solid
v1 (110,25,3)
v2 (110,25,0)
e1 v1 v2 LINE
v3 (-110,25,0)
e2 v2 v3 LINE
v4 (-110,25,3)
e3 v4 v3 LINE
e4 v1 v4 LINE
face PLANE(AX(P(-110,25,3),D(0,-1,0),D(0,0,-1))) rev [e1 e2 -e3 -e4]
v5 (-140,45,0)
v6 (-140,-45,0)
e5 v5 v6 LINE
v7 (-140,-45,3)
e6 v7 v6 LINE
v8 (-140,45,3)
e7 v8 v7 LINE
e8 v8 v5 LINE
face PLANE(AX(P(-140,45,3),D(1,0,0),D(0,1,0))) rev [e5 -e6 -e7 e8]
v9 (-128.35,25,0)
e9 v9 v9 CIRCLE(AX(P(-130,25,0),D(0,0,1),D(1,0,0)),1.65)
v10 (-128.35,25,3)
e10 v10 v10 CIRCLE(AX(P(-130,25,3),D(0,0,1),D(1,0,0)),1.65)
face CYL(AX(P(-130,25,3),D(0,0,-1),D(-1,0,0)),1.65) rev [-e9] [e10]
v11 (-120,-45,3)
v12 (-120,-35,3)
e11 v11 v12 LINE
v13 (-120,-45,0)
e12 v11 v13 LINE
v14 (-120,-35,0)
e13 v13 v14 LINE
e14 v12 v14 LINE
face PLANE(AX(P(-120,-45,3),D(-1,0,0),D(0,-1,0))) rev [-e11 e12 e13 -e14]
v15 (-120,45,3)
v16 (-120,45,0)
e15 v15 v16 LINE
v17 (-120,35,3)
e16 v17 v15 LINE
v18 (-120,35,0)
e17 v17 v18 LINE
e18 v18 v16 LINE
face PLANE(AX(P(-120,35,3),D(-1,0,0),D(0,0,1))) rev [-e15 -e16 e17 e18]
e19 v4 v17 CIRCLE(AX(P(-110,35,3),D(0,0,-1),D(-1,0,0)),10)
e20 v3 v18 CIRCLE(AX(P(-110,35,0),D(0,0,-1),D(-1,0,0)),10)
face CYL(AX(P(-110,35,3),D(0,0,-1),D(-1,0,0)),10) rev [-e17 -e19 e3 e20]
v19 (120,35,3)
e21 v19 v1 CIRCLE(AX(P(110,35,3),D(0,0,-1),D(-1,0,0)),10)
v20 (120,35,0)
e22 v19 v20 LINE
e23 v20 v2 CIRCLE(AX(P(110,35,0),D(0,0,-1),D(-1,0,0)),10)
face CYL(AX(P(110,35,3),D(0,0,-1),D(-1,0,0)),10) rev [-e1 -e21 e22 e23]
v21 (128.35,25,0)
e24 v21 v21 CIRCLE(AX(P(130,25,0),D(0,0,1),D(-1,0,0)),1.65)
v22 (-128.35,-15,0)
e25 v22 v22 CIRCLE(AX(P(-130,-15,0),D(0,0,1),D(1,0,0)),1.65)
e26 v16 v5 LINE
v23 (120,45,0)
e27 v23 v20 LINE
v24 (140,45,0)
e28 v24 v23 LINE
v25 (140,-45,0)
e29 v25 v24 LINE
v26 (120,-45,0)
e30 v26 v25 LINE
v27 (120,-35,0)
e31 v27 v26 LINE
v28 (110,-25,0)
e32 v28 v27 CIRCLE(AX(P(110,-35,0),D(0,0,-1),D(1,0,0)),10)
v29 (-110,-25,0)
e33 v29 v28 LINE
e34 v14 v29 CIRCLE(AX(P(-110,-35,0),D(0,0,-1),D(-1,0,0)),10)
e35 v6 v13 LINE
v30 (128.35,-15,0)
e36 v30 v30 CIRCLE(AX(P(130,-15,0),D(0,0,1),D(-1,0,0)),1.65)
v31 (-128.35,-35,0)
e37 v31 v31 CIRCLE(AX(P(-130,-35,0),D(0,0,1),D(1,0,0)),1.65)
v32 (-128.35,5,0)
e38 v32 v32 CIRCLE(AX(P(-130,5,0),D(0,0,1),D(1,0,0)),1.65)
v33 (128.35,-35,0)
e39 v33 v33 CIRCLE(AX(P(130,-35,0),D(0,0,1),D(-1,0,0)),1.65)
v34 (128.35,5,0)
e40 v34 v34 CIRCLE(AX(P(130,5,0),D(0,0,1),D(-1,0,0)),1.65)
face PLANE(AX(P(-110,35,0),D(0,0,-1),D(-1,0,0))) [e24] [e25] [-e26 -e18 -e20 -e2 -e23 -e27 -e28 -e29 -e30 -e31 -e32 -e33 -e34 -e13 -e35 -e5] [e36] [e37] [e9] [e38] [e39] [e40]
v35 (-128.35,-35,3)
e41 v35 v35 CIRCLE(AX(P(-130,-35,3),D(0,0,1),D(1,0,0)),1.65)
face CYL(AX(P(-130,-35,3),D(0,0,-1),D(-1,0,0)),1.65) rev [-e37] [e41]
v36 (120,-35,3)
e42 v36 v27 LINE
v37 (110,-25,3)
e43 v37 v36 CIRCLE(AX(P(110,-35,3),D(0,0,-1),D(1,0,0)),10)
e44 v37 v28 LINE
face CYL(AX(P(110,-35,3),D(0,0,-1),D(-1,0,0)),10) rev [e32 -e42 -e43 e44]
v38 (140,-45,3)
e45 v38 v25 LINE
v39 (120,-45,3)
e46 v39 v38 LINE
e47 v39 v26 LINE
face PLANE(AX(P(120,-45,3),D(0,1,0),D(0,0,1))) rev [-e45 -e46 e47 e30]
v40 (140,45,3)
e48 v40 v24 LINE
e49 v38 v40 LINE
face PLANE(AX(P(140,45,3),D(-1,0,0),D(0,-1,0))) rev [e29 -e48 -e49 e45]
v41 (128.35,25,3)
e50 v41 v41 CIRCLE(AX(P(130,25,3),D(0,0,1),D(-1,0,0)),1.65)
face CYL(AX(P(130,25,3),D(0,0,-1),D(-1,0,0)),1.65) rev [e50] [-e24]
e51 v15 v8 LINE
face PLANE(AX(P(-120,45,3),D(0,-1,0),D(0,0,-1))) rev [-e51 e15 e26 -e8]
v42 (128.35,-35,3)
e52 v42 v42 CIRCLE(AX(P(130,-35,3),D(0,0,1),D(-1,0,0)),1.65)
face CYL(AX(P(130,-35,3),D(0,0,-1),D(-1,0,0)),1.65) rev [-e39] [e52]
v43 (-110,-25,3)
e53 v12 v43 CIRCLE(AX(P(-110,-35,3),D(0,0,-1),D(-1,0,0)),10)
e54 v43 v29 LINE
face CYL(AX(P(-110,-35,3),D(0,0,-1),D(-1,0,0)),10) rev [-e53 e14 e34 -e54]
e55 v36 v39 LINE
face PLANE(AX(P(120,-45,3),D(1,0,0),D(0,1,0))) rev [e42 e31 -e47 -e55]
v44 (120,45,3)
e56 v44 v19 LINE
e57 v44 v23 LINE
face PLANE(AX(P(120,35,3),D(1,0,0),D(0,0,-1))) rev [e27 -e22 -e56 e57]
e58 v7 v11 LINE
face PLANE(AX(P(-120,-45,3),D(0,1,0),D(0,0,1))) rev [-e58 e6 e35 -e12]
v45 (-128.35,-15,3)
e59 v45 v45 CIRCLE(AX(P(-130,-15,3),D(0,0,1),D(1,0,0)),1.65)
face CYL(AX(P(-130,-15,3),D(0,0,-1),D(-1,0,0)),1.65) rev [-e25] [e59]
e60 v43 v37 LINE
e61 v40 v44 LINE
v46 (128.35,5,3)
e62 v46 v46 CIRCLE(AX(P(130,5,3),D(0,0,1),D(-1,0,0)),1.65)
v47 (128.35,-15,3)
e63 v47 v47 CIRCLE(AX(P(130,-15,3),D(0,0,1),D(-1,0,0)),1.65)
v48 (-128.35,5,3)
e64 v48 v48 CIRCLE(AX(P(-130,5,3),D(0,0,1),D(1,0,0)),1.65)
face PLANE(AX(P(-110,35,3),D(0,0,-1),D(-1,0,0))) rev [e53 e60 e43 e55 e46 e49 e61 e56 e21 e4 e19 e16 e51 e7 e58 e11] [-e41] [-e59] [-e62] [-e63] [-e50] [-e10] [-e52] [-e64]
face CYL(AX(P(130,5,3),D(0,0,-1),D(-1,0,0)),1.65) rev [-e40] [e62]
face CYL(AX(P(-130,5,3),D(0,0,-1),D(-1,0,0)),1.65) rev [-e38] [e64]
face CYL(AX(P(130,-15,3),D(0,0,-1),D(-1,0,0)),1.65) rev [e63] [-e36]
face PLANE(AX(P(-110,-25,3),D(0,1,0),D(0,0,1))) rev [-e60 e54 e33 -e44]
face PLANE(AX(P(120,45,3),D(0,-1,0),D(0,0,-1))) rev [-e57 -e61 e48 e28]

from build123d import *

# Parameters (mm, degrees)
SKETCH_1_R      = 1.65
EXTRUDE_1_DEPTH = 3


with BuildPart() as part:
    # 草图1 → 凸台-拉伸1 (new body)
    with BuildSketch(Plane.XY):
        with BuildLine():
            Line((-110, 25), (110, 25))
            ThreePointArc((110, 25), (117.071067812, 27.928932188), (120, 35))
            Line((120, 35), (120, 45))
            Line((120, 45), (140, 45))
            Line((140, 45), (140, -45))
            Line((140, -45), (120, -45))
            Line((120, -45), (120, -35))
            ThreePointArc((120, -35), (117.071067812, -27.928932188), (110, -25))
            Line((110, -25), (-110, -25))
            ThreePointArc((-110, -25), (-117.071067812, -27.928932188), (-120, -35))
            Line((-120, -35), (-120, -45))
            Line((-120, -45), (-140, -45))
            Line((-140, -45), (-140, 45))
            Line((-140, 45), (-120, 45))
            Line((-120, 45), (-120, 35))
            ThreePointArc((-120, 35), (-117.071067812, 27.928932188), (-110, 25))
        make_face()
        with Locations((-130, 25)):
            Circle(SKETCH_1_R, mode=Mode.SUBTRACT)
        with Locations((-130, 5)):
            Circle(SKETCH_1_R, mode=Mode.SUBTRACT)
        with Locations((-130, -15)):
            Circle(SKETCH_1_R, mode=Mode.SUBTRACT)
        with Locations((-130, -35)):
            Circle(SKETCH_1_R, mode=Mode.SUBTRACT)
        with Locations(Location((130, -35, 0), (0, 0, 180))):
            Circle(SKETCH_1_R, mode=Mode.SUBTRACT)
        with Locations(Location((130, -15, 0), (0, 0, 180))):
            Circle(SKETCH_1_R, mode=Mode.SUBTRACT)
        with Locations(Location((130, 5, 0), (0, 0, 180))):
            Circle(SKETCH_1_R, mode=Mode.SUBTRACT)
        with Locations(Location((130, 25, 0), (0, 0, 180))):
            Circle(SKETCH_1_R, mode=Mode.SUBTRACT)
    extrude(amount=EXTRUDE_1_DEPTH)


solid = part.part
